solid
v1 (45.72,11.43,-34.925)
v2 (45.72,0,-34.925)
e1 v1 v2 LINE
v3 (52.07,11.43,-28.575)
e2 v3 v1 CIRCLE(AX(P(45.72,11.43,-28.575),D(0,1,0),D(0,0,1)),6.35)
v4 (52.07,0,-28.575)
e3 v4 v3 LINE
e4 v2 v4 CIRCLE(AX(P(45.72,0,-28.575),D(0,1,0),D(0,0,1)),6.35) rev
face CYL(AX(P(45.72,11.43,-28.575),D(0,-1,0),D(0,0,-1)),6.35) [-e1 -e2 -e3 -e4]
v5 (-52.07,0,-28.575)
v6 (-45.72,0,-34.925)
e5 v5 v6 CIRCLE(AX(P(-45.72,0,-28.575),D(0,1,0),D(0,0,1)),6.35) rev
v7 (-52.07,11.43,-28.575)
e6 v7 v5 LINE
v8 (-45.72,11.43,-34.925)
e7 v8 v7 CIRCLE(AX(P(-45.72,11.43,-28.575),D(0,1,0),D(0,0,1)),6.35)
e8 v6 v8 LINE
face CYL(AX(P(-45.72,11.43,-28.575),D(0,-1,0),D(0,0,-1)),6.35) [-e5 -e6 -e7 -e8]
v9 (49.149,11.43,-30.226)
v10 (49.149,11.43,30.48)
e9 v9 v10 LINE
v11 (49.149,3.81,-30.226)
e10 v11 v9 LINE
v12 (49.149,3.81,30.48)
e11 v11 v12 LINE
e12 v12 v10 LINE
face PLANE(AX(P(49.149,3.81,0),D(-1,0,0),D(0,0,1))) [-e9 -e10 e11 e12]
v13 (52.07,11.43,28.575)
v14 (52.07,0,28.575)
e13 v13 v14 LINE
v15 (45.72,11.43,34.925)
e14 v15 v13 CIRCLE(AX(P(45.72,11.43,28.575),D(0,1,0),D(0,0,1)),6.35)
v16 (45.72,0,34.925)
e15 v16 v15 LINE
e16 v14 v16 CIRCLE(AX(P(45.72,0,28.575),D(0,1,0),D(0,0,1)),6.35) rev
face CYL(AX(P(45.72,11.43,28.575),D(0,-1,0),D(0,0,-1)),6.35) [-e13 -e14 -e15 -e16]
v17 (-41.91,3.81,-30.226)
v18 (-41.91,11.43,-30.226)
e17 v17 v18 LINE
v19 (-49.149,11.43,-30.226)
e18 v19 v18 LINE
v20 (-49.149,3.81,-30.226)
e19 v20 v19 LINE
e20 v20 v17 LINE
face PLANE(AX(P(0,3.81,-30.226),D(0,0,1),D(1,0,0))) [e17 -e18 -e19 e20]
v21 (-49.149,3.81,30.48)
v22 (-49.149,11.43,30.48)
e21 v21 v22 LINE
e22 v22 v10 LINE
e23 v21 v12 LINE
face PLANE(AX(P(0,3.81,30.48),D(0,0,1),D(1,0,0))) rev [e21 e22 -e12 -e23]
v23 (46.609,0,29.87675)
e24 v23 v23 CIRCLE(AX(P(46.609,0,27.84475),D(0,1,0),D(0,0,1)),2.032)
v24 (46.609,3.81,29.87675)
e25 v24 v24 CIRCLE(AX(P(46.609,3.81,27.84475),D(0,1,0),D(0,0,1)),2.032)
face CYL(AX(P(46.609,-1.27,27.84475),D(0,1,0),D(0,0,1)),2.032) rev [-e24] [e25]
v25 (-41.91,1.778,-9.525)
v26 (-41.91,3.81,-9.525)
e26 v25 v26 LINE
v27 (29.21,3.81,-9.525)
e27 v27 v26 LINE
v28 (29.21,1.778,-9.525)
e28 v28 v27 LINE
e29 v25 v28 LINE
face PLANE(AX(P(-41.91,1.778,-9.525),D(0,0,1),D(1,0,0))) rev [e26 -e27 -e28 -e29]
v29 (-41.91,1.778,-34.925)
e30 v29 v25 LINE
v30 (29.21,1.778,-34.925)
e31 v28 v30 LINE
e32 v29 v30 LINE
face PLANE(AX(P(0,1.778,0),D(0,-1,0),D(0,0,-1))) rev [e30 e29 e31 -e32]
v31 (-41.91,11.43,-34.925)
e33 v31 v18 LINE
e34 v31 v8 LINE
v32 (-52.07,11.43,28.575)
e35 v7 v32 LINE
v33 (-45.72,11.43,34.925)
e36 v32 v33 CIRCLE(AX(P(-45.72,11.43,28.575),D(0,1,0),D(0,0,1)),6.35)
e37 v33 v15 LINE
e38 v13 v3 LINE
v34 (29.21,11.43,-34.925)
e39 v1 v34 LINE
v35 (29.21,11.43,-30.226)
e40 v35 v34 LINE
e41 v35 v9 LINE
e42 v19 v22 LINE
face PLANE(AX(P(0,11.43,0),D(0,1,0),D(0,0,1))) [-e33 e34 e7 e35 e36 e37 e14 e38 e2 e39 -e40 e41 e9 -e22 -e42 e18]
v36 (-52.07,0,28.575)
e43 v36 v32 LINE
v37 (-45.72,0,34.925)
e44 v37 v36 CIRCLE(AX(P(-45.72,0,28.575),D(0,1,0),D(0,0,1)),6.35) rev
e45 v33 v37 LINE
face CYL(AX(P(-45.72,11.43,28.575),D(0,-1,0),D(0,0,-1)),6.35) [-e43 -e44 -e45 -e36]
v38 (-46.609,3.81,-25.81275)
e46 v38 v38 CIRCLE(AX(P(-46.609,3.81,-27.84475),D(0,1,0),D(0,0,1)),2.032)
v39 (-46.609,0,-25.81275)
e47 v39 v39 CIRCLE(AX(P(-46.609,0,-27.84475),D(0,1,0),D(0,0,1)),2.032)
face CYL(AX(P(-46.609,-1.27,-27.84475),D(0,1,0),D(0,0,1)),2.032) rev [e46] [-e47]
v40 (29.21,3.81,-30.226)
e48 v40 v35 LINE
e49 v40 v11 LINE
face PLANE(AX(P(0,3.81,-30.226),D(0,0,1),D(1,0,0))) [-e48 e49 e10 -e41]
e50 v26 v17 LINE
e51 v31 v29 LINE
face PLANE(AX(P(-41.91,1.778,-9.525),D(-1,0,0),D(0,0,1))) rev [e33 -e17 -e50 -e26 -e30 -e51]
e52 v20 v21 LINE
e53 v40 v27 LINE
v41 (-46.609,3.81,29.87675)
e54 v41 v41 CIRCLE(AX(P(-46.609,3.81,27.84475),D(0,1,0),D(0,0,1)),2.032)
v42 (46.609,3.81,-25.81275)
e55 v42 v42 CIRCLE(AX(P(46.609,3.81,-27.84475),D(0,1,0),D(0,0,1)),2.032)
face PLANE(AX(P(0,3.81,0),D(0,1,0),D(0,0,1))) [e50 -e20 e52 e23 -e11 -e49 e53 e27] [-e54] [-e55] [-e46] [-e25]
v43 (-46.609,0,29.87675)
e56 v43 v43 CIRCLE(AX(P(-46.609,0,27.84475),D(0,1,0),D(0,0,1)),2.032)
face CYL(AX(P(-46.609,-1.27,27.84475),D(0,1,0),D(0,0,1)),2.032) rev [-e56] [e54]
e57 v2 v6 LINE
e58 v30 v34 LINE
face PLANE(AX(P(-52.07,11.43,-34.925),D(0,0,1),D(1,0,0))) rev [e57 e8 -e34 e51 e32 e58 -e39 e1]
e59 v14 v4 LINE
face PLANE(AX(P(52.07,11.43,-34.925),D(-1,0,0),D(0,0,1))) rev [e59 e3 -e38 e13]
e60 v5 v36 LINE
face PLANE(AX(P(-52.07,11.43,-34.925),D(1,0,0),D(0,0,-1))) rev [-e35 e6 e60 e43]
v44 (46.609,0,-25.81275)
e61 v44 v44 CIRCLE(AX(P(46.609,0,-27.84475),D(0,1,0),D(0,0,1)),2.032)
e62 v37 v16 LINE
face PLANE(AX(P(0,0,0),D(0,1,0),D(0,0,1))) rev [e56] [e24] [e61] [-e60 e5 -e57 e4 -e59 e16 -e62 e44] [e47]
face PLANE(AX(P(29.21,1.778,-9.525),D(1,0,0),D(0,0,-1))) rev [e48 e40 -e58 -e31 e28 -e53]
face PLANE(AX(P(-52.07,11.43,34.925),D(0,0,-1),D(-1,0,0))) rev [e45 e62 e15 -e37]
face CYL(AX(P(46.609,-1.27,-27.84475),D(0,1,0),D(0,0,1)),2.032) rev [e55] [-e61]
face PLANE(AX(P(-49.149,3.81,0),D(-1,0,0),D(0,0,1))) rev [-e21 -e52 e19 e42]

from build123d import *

# Parameters (mm, degrees)
SKETCH2_W           = 104.14
SKETCH2_H           = 69.85
BOSS_EXTRUDE1_DEPTH = 11.43
SKETCH3_W           = 71.12
SKETCH3_H           = 28.179594488
CUT_EXTRUDE1_DEPTH  = 9.652
CUT_EXTRUDE2_DEPTH  = 7.62
SKETCH5_R           = 2.032
CUT_EXTRUDE3_DEPTH  = 12.7
FILLET1_R           = 6.35


with BuildPart() as part:
    # Sketch2 → Boss-Extrude1 (new body)
    with BuildSketch(Plane(origin=(0, 0, 0), x_dir=(1, 0, 0), z_dir=(0, 1, 0))):
        Rectangle(SKETCH2_W, SKETCH2_H)
    extrude(amount=BOSS_EXTRUDE1_DEPTH)

    # Sketch3 → Cut-Extrude1 (cut)
    with BuildSketch(Plane(origin=(0, 11.43, 0), x_dir=(1, 0, 0), z_dir=(0, 1, 0))):
        with Locations((-6.35, 23.614797244)):
            Rectangle(SKETCH3_W, SKETCH3_H)
    extrude(amount=-CUT_EXTRUDE1_DEPTH, mode=Mode.SUBTRACT)

    # Sketch4 → Cut-Extrude2 (cut)
    with BuildSketch(Plane(origin=(0, 11.43, 0), x_dir=(1, 0, 0), z_dir=(0, 1, 0))):
        Polygon((49.149, 30.226), (-49.149, 30.226), (-49.149, -30.226), (-49.149, -30.48), (49.149, -30.48), (49.149, -30.226), align=None)
    extrude(amount=-CUT_EXTRUDE2_DEPTH, mode=Mode.SUBTRACT)

    # Sketch5 → Cut-Extrude3 (cut)
    with BuildSketch(Plane(origin=(0, 11.43, 0), x_dir=(1, 0, 0), z_dir=(0, 1, 0))):
        with Locations(Location((-46.609, 27.84475, 0), (0, 0, 270))):
            Circle(SKETCH5_R)
        with Locations(Location((46.609, 27.84475, 0), (0, 0, 270))):
            Circle(SKETCH5_R)
        with Locations(Location((46.609, -27.84475, 0), (0, 0, 270))):
            Circle(SKETCH5_R)
        with Locations(Location((-46.609, -27.84475, 0), (0, 0, 270))):
            Circle(SKETCH5_R)
    extrude(amount=-CUT_EXTRUDE3_DEPTH, mode=Mode.SUBTRACT)

    # Fillet1
    fillet1_edges = [part.edges().sort_by_distance(p)[0] for p in [
        (-52.07, 5.715, -34.925),
        (52.07, 5.715, -34.925),
        (52.07, 5.715, 34.925),
        (-52.07, 5.715, 34.925),
    ]]
    fillet(fillet1_edges, radius=FILLET1_R)


solid = part.part
